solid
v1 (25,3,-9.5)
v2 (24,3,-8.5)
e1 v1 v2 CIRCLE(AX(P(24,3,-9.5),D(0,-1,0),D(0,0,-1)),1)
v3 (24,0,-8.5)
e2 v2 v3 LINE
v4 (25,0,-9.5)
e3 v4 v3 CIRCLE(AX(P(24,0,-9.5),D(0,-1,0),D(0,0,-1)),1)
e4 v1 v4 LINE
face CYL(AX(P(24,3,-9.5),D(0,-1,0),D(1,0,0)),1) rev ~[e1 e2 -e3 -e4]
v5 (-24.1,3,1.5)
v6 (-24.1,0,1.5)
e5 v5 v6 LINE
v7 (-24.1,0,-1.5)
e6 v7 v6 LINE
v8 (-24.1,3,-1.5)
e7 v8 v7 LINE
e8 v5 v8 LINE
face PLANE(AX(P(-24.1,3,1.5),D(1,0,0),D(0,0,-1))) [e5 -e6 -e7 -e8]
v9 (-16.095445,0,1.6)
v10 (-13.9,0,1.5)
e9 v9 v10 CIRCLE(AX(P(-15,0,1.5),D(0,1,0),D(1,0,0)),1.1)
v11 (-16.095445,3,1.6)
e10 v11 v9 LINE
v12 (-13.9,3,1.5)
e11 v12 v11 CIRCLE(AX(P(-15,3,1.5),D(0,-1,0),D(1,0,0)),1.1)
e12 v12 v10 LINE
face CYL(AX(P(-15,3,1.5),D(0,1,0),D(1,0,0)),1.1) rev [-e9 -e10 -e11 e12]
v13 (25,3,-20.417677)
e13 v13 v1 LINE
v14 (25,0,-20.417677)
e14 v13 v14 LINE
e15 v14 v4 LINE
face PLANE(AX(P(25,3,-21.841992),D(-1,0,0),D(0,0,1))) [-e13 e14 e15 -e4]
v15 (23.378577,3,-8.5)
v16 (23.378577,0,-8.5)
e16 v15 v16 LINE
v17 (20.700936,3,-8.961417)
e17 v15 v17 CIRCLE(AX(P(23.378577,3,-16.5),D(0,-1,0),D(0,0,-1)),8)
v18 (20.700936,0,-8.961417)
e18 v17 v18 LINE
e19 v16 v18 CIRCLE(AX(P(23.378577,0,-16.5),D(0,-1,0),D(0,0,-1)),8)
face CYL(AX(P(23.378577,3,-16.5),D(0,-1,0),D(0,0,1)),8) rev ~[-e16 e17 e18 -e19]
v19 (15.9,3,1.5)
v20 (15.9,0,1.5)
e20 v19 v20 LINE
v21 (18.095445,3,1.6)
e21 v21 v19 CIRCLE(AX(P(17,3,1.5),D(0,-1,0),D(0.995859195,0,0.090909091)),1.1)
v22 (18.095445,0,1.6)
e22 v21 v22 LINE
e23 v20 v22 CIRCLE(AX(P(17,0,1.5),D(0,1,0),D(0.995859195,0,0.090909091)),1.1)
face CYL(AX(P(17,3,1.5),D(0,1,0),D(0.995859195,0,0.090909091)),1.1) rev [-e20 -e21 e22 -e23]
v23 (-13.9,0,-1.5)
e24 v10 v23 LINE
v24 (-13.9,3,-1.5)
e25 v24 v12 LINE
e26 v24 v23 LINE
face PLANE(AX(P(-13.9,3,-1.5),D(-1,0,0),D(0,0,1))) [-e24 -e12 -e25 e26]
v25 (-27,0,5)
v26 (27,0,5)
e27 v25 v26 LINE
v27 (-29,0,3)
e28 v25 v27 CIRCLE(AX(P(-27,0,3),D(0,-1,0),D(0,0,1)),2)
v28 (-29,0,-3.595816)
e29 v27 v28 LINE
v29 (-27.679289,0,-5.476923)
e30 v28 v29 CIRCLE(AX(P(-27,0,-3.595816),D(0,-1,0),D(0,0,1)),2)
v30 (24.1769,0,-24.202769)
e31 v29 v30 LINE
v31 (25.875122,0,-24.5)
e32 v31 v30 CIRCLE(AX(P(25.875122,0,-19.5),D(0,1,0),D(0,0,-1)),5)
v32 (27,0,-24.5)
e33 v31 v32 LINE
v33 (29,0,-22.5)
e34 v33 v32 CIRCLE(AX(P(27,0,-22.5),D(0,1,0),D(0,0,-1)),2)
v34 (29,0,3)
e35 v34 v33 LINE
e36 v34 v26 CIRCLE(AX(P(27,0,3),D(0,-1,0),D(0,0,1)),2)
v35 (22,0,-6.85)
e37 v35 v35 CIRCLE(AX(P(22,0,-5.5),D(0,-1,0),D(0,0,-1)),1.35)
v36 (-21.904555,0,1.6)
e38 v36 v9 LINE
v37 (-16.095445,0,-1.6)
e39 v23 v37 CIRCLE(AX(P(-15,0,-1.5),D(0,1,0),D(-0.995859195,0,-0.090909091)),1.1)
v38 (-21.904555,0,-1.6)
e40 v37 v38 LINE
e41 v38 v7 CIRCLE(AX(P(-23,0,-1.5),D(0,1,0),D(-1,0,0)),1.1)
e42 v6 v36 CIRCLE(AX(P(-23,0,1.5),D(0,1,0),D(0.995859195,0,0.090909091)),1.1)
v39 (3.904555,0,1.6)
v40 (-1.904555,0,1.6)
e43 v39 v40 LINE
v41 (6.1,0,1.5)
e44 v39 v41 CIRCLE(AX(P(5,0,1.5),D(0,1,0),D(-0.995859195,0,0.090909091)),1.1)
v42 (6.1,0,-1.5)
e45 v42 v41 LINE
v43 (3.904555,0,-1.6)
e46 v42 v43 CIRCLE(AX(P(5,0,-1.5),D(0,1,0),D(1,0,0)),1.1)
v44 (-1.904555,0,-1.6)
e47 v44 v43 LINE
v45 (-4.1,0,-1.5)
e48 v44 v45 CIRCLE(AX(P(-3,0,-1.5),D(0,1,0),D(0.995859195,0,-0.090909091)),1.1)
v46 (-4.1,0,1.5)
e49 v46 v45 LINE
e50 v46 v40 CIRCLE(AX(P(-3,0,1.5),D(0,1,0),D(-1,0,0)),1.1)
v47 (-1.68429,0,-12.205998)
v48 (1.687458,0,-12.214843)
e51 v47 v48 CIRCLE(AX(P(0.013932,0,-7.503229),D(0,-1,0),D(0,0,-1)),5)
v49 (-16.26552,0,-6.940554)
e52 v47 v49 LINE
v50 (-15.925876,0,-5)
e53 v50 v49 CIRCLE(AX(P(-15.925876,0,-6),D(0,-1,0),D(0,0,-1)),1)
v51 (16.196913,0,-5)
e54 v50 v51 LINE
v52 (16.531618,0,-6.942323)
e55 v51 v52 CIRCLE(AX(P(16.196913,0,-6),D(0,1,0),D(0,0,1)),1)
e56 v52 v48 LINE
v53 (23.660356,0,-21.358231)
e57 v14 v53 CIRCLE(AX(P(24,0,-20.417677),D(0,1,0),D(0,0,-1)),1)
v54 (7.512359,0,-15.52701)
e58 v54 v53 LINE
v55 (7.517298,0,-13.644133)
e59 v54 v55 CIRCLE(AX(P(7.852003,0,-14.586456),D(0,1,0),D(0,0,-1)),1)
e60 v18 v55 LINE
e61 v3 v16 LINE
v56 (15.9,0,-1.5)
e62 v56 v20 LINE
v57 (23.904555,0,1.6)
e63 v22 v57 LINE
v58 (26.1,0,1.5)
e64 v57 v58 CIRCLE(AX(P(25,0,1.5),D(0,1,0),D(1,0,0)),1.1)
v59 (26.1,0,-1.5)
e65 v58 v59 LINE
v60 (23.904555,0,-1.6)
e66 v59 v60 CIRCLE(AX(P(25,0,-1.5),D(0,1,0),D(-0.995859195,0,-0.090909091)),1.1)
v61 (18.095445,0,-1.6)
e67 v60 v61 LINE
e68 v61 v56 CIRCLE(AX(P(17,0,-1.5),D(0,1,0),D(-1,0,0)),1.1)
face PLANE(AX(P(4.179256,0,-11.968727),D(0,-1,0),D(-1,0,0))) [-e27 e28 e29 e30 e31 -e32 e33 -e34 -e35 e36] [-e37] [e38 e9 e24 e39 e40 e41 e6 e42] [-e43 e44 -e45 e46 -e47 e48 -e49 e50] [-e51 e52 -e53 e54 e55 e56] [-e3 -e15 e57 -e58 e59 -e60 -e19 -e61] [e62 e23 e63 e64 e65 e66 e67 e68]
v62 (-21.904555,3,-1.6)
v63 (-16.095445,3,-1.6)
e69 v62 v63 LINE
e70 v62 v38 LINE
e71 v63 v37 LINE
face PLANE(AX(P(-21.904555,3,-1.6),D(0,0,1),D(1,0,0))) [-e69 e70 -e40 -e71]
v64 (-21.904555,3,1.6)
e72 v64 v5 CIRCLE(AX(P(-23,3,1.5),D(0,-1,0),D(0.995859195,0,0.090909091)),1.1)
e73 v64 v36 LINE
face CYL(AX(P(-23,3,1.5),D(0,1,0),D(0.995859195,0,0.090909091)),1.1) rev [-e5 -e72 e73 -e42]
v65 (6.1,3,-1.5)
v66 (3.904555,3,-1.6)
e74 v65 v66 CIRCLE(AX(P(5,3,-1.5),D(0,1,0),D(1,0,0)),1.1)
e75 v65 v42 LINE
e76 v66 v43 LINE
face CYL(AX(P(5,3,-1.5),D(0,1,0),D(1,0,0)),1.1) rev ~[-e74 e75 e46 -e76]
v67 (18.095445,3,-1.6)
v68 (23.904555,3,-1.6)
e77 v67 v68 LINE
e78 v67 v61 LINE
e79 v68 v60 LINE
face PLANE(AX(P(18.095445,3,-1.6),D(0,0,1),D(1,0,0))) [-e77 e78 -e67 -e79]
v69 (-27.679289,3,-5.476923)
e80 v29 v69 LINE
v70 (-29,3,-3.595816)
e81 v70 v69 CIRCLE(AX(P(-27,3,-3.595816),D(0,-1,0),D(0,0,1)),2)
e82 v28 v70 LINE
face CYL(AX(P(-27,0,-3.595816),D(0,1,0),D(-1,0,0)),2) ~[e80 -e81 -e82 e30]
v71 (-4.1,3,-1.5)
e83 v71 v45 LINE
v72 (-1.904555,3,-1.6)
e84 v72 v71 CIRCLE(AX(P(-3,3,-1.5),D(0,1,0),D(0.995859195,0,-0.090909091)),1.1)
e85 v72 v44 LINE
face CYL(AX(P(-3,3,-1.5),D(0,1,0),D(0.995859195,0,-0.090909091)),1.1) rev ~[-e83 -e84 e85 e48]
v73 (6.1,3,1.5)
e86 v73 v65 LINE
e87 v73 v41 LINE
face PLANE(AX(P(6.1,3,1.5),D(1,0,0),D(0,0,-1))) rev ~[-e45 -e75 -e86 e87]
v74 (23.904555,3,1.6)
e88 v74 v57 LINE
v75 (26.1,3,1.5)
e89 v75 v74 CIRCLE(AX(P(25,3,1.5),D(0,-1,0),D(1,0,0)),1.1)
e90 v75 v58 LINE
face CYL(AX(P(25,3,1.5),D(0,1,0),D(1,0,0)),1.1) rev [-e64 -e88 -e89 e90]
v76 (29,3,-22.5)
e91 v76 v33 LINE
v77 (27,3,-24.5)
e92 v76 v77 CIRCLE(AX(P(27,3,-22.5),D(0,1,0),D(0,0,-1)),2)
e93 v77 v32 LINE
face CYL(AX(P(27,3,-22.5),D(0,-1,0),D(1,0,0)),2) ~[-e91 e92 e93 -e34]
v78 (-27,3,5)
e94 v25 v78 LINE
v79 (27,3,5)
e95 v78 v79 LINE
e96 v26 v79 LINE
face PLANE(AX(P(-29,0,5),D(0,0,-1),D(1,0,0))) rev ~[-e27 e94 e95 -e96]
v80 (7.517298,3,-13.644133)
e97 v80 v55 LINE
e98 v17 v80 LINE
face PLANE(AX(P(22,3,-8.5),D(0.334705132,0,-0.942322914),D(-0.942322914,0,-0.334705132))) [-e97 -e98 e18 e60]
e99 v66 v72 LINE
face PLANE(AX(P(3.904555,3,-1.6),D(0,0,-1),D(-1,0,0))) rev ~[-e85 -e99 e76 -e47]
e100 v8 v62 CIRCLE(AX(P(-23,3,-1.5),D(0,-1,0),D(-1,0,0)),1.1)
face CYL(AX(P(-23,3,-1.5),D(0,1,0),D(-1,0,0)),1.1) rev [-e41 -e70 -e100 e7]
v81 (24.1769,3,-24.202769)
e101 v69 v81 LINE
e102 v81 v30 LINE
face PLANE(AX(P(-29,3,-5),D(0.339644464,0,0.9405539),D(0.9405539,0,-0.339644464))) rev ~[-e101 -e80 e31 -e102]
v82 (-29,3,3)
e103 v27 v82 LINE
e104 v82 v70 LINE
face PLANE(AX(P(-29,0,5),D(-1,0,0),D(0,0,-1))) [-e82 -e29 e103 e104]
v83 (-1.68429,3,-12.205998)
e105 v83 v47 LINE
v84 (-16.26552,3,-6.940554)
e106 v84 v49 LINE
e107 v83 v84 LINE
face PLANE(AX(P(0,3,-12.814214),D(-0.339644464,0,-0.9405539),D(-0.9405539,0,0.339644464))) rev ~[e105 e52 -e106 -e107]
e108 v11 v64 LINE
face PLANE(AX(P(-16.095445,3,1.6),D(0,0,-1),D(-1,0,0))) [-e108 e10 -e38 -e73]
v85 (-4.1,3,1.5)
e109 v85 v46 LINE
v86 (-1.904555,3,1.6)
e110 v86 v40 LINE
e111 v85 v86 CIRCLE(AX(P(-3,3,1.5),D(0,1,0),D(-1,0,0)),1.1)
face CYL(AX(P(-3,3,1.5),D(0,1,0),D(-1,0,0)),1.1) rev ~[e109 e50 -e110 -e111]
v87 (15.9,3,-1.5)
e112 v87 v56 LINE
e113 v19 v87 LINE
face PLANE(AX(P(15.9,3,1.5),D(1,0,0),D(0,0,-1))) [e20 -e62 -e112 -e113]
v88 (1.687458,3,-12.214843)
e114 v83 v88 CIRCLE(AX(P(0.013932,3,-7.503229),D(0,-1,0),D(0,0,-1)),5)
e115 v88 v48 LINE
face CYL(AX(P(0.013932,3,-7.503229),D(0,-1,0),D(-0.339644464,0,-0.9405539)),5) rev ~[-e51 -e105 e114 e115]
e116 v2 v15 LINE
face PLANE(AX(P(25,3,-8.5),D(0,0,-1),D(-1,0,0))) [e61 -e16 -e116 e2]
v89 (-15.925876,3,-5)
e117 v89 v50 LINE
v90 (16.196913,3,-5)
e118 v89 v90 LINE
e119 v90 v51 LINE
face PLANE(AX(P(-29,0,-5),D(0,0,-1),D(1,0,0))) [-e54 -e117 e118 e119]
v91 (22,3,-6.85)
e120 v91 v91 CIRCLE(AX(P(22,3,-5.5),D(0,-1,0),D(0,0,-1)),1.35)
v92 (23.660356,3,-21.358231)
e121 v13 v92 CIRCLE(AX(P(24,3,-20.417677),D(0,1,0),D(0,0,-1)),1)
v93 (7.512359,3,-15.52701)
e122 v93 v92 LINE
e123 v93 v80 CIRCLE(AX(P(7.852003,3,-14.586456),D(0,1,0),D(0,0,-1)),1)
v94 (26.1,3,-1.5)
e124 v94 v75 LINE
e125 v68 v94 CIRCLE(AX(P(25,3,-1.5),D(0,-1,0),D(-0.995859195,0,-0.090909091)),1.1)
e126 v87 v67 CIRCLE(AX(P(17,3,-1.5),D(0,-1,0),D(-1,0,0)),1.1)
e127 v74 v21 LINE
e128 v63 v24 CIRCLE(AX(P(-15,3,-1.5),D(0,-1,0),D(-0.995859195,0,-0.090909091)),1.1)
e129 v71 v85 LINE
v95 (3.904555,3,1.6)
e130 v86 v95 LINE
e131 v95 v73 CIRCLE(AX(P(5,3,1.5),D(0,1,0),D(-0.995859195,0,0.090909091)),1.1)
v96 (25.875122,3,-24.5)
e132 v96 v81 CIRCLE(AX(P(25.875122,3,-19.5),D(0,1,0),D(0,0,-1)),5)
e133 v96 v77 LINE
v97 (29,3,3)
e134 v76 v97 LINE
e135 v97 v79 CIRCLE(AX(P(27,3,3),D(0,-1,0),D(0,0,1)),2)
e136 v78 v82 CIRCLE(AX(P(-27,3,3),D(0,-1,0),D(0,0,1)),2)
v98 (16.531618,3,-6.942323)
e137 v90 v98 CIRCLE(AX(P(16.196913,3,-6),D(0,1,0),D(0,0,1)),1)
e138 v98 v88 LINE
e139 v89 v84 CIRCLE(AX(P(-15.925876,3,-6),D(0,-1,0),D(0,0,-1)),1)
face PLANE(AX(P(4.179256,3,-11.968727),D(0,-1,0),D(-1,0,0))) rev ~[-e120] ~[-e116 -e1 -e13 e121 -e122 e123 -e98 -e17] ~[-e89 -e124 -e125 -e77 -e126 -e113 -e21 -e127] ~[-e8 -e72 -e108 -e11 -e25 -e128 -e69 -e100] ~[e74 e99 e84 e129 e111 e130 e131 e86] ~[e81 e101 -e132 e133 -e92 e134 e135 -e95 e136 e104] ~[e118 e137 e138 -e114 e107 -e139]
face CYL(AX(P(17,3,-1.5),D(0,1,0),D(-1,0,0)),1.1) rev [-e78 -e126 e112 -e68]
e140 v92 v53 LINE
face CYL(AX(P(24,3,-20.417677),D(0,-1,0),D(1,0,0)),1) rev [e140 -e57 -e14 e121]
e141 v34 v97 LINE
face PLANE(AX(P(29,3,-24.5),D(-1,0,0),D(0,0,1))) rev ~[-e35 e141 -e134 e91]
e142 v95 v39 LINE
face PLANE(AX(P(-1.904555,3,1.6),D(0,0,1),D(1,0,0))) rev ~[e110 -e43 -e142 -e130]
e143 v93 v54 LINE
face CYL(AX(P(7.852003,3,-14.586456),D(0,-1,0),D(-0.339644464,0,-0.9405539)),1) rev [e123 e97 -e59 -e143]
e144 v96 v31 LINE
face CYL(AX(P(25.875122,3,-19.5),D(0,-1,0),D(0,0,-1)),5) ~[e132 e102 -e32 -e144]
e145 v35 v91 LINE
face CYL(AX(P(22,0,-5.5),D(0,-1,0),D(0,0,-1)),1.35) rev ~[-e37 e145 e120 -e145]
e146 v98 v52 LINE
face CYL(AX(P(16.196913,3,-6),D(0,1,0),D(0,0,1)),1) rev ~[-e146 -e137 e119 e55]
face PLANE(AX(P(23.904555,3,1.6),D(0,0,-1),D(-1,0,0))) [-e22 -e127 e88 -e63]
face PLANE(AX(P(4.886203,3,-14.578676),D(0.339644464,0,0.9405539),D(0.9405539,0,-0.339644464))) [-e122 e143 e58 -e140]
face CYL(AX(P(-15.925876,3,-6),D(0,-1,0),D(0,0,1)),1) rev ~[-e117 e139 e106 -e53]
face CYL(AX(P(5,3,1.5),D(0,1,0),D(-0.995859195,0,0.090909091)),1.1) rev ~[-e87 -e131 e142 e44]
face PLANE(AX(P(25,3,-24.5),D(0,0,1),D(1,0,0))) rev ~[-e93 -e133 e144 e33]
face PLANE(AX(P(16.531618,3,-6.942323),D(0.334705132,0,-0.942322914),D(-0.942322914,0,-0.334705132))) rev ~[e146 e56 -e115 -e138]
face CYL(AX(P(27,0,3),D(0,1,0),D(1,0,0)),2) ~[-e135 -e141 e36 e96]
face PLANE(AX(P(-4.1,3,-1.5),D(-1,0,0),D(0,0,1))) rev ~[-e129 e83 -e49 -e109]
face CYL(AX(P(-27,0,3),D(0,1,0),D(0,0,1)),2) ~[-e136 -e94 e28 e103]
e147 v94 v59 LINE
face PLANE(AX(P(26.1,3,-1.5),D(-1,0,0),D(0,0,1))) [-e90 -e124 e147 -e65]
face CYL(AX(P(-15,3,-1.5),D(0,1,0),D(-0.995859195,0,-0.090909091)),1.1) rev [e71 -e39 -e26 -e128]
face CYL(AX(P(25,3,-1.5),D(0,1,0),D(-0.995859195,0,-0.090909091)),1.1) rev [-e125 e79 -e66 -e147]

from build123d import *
from OCP.BRepFilletAPI import BRepFilletAPI_MakeFillet

# Parameters (mm, degrees)
SKETCH_1_W          = 58
SKETCH_1_H          = 10
EXTRUDE_1_DEPTH     = 3
SKETCH_3_W          = 10
SKETCH_3_H          = 3
CUT_EXTRUDE_2_DEPTH = 30.580398915
EXTRUDE_2_DEPTH     = 3
SKETCH_5_R          = 1
SKETCH_5_R_2        = 1.35
CUT_EXTRUDE_3_DEPTH = 39.082148049
CUT_EXTRUDE_5_DEPTH = 39.082148049
FILLET_1_R          = 1
FILLET_2_R          = 2
FILLET_3_R1         = 5
FILLET_3_R2         = 8


with BuildPart() as part:
    # 草图1 → 凸台-拉伸1 (new body)
    with BuildSketch(Plane(origin=(0, 0, 0), x_dir=(1, 0, 0), z_dir=(0, 1, 0))):
        Rectangle(SKETCH_1_W, SKETCH_1_H)
    extrude(amount=EXTRUDE_1_DEPTH)

    # 草图3 → 切除-拉伸2 (cut, through all)
    with BuildSketch(Plane.XZ):
        with Locations((-19, 0)):
            Rectangle(SKETCH_3_W, SKETCH_3_H)
        with Locations((1, 0)):
            Rectangle(SKETCH_3_W, SKETCH_3_H)
        with Locations((21, 0)):
            Rectangle(SKETCH_3_W, SKETCH_3_H)
    extrude(amount=-CUT_EXTRUDE_2_DEPTH, mode=Mode.SUBTRACT)

    # 草图9 → 凸台-拉伸2 (add)
    with BuildSketch(Plane(origin=(0, 3, 0), x_dir=(1, 0, 0), z_dir=(0, 1, 0))):
        with BuildLine():
            Line((29, 24.5), (29, 5))
            Line((29, 5), (22, 5))
            Line((22, 5), (16.19691326, 5))
            ThreePointArc((16.19691326, 5), (17.182388504, 5.830180852), (16.531618392, 6.942322914))
            Line((16.531618392, 6.942322914), (0, 12.814213999))
            Line((0, 12.814213999), (-21.639361843, 5))
            Line((-21.639361843, 5), (-29, 5))
            Line((-29, 5), (25, 24.5))
            Line((25, 24.5), (29, 24.5))
        make_face()
        Polygon((25, 21.841991777), (25, 8.5), (22, 8.5), (4.886202736, 14.578676098), align=None, mode=Mode.SUBTRACT)
    extrude(amount=-EXTRUDE_2_DEPTH)

    # 草图5 → 切除-拉伸3 (cut, through all)
    with BuildSketch(Plane.XZ):
        with Locations((-23, 1.5)):
            Circle(SKETCH_5_R)
        with Locations((-15, 1.5)):
            Circle(SKETCH_5_R)
        with Locations((-15, -1.5)):
            Circle(SKETCH_5_R)
        with Locations((-23, -1.5)):
            Circle(SKETCH_5_R)
        with Locations((-3, -1.5)):
            Circle(SKETCH_5_R)
        with Locations((5, -1.5)):
            Circle(SKETCH_5_R)
        with Locations((-3, 1.5)):
            Circle(SKETCH_5_R)
        with Locations((5, 1.5)):
            Circle(SKETCH_5_R)
        with Locations(Location((22, -5.5, 0), (0, 0, 270))):
            Circle(SKETCH_5_R_2)
        with Locations((25, -1.5)):
            Circle(SKETCH_5_R)
        with Locations((17, -1.5)):
            Circle(SKETCH_5_R)
        with Locations((17, 1.5)):
            Circle(SKETCH_5_R)
        with Locations((25, 1.5)):
            Circle(SKETCH_5_R)
    extrude(amount=-CUT_EXTRUDE_3_DEPTH, mode=Mode.SUBTRACT)

    # 草图8 → 切除-拉伸5 (cut, through all)
    with BuildSketch(Plane(origin=(0, 3, 0), x_dir=(1, 0, 0), z_dir=(0, 1, 0))):
        with BuildLine():
            Line((6.1, -1.5), (6.1, 1.5))
            ThreePointArc((6.1, 1.5), (5.050051841, 2.598860689), (3.904554885, 1.6))
            Line((3.904554885, 1.6), (-1.904554885, 1.6))
            ThreePointArc((-1.904554885, 1.6), (-3.050051841, 2.598860689), (-4.1, 1.5))
            Line((-4.1, 1.5), (-4.1, -1.5))
            ThreePointArc((-4.1, -1.5), (-3.050051841, -2.598860689), (-1.904554885, -1.6))
            Line((-1.904554885, -1.6), (3.904554885, -1.6))
            ThreePointArc((3.904554885, -1.6), (5.050051841, -2.598860689), (6.1, -1.5))
        make_face()
        with BuildLine():
            Line((-16.095445115, -1.6), (-21.904554885, -1.6))
            ThreePointArc((-21.904554885, -1.6), (-23.050051841, -2.598860689), (-24.1, -1.5))
            Line((-24.1, -1.5), (-24.1, 1.5))
            ThreePointArc((-24.1, 1.5), (-23.050051841, 2.598860689), (-21.904554885, 1.6))
            Line((-21.904554885, 1.6), (-16.095445115, 1.6))
            ThreePointArc((-16.095445115, 1.6), (-14.949948159, 2.598860689), (-13.9, 1.5))
            Line((-13.9, 1.5), (-13.9, -1.5))
            ThreePointArc((-13.9, -1.5), (-14.949948159, -2.598860689), (-16.095445115, -1.6))
        make_face()
        with BuildLine():
            Line((23.904554885, -1.6), (18.095445115, -1.6))
            ThreePointArc((18.095445115, -1.6), (16.949948159, -2.598860689), (15.9, -1.5))
            Line((15.9, -1.5), (15.9, 1.5))
            ThreePointArc((15.9, 1.5), (16.949948159, 2.598860689), (18.095445115, 1.6))
            Line((18.095445115, 1.6), (23.904554885, 1.6))
            ThreePointArc((23.904554885, 1.6), (25.050051841, 2.598860689), (26.1, 1.5))
            Line((26.1, 1.5), (26.1, -1.5))
            ThreePointArc((26.1, -1.5), (25.050051841, -2.598860689), (23.904554885, -1.6))
        make_face()
    extrude(amount=-CUT_EXTRUDE_5_DEPTH, mode=Mode.SUBTRACT)

    # 圆角1
    fillet_1_edges = [part.edges().sort_by_distance(p)[0] for p in [
        (-21.639361843, 1.5, -5),
        (25, 1.5, -21.841991777),
        (25, 1.5, -8.5),
        (4.886202736, 1.5, -14.578676098),
    ]]
    fillet(fillet_1_edges, radius=FILLET_1_R)

    # 圆角2
    fillet_2_edges = [part.edges().sort_by_distance(p)[0] for p in [
        (29, 1.5, -24.5),
        (29, 1.5, 5),
        (-29, 1.5, 5),
        (-29, 1.5, -5),
    ]]
    fillet(fillet_2_edges, radius=FILLET_2_R)

    # 圆角3: one fillet with a radius per group of edges: ONE call of the kernel's fillet builder (fillet() takes one radius for all edges)
    fillet_3_edges_1 = [part.edges().sort_by_distance(p)[0] for p in [
        (0, 1.5, -12.814213999),
        (25, 1.5, -24.5),
    ]]
    fillet_3_edges_2 = [part.edges().sort_by_distance(p)[0] for p in [
        (22, 1.5, -8.5),
    ]]
    fillet_3 = BRepFilletAPI_MakeFillet(part.part.solid().wrapped)
    for e in fillet_3_edges_1:
        fillet_3.Add(FILLET_3_R1, e.wrapped)
    for e in fillet_3_edges_2:
        fillet_3.Add(FILLET_3_R2, e.wrapped)
    add(Compound.cast(fillet_3.Shape()), mode=Mode.REPLACE)


solid = part.part
